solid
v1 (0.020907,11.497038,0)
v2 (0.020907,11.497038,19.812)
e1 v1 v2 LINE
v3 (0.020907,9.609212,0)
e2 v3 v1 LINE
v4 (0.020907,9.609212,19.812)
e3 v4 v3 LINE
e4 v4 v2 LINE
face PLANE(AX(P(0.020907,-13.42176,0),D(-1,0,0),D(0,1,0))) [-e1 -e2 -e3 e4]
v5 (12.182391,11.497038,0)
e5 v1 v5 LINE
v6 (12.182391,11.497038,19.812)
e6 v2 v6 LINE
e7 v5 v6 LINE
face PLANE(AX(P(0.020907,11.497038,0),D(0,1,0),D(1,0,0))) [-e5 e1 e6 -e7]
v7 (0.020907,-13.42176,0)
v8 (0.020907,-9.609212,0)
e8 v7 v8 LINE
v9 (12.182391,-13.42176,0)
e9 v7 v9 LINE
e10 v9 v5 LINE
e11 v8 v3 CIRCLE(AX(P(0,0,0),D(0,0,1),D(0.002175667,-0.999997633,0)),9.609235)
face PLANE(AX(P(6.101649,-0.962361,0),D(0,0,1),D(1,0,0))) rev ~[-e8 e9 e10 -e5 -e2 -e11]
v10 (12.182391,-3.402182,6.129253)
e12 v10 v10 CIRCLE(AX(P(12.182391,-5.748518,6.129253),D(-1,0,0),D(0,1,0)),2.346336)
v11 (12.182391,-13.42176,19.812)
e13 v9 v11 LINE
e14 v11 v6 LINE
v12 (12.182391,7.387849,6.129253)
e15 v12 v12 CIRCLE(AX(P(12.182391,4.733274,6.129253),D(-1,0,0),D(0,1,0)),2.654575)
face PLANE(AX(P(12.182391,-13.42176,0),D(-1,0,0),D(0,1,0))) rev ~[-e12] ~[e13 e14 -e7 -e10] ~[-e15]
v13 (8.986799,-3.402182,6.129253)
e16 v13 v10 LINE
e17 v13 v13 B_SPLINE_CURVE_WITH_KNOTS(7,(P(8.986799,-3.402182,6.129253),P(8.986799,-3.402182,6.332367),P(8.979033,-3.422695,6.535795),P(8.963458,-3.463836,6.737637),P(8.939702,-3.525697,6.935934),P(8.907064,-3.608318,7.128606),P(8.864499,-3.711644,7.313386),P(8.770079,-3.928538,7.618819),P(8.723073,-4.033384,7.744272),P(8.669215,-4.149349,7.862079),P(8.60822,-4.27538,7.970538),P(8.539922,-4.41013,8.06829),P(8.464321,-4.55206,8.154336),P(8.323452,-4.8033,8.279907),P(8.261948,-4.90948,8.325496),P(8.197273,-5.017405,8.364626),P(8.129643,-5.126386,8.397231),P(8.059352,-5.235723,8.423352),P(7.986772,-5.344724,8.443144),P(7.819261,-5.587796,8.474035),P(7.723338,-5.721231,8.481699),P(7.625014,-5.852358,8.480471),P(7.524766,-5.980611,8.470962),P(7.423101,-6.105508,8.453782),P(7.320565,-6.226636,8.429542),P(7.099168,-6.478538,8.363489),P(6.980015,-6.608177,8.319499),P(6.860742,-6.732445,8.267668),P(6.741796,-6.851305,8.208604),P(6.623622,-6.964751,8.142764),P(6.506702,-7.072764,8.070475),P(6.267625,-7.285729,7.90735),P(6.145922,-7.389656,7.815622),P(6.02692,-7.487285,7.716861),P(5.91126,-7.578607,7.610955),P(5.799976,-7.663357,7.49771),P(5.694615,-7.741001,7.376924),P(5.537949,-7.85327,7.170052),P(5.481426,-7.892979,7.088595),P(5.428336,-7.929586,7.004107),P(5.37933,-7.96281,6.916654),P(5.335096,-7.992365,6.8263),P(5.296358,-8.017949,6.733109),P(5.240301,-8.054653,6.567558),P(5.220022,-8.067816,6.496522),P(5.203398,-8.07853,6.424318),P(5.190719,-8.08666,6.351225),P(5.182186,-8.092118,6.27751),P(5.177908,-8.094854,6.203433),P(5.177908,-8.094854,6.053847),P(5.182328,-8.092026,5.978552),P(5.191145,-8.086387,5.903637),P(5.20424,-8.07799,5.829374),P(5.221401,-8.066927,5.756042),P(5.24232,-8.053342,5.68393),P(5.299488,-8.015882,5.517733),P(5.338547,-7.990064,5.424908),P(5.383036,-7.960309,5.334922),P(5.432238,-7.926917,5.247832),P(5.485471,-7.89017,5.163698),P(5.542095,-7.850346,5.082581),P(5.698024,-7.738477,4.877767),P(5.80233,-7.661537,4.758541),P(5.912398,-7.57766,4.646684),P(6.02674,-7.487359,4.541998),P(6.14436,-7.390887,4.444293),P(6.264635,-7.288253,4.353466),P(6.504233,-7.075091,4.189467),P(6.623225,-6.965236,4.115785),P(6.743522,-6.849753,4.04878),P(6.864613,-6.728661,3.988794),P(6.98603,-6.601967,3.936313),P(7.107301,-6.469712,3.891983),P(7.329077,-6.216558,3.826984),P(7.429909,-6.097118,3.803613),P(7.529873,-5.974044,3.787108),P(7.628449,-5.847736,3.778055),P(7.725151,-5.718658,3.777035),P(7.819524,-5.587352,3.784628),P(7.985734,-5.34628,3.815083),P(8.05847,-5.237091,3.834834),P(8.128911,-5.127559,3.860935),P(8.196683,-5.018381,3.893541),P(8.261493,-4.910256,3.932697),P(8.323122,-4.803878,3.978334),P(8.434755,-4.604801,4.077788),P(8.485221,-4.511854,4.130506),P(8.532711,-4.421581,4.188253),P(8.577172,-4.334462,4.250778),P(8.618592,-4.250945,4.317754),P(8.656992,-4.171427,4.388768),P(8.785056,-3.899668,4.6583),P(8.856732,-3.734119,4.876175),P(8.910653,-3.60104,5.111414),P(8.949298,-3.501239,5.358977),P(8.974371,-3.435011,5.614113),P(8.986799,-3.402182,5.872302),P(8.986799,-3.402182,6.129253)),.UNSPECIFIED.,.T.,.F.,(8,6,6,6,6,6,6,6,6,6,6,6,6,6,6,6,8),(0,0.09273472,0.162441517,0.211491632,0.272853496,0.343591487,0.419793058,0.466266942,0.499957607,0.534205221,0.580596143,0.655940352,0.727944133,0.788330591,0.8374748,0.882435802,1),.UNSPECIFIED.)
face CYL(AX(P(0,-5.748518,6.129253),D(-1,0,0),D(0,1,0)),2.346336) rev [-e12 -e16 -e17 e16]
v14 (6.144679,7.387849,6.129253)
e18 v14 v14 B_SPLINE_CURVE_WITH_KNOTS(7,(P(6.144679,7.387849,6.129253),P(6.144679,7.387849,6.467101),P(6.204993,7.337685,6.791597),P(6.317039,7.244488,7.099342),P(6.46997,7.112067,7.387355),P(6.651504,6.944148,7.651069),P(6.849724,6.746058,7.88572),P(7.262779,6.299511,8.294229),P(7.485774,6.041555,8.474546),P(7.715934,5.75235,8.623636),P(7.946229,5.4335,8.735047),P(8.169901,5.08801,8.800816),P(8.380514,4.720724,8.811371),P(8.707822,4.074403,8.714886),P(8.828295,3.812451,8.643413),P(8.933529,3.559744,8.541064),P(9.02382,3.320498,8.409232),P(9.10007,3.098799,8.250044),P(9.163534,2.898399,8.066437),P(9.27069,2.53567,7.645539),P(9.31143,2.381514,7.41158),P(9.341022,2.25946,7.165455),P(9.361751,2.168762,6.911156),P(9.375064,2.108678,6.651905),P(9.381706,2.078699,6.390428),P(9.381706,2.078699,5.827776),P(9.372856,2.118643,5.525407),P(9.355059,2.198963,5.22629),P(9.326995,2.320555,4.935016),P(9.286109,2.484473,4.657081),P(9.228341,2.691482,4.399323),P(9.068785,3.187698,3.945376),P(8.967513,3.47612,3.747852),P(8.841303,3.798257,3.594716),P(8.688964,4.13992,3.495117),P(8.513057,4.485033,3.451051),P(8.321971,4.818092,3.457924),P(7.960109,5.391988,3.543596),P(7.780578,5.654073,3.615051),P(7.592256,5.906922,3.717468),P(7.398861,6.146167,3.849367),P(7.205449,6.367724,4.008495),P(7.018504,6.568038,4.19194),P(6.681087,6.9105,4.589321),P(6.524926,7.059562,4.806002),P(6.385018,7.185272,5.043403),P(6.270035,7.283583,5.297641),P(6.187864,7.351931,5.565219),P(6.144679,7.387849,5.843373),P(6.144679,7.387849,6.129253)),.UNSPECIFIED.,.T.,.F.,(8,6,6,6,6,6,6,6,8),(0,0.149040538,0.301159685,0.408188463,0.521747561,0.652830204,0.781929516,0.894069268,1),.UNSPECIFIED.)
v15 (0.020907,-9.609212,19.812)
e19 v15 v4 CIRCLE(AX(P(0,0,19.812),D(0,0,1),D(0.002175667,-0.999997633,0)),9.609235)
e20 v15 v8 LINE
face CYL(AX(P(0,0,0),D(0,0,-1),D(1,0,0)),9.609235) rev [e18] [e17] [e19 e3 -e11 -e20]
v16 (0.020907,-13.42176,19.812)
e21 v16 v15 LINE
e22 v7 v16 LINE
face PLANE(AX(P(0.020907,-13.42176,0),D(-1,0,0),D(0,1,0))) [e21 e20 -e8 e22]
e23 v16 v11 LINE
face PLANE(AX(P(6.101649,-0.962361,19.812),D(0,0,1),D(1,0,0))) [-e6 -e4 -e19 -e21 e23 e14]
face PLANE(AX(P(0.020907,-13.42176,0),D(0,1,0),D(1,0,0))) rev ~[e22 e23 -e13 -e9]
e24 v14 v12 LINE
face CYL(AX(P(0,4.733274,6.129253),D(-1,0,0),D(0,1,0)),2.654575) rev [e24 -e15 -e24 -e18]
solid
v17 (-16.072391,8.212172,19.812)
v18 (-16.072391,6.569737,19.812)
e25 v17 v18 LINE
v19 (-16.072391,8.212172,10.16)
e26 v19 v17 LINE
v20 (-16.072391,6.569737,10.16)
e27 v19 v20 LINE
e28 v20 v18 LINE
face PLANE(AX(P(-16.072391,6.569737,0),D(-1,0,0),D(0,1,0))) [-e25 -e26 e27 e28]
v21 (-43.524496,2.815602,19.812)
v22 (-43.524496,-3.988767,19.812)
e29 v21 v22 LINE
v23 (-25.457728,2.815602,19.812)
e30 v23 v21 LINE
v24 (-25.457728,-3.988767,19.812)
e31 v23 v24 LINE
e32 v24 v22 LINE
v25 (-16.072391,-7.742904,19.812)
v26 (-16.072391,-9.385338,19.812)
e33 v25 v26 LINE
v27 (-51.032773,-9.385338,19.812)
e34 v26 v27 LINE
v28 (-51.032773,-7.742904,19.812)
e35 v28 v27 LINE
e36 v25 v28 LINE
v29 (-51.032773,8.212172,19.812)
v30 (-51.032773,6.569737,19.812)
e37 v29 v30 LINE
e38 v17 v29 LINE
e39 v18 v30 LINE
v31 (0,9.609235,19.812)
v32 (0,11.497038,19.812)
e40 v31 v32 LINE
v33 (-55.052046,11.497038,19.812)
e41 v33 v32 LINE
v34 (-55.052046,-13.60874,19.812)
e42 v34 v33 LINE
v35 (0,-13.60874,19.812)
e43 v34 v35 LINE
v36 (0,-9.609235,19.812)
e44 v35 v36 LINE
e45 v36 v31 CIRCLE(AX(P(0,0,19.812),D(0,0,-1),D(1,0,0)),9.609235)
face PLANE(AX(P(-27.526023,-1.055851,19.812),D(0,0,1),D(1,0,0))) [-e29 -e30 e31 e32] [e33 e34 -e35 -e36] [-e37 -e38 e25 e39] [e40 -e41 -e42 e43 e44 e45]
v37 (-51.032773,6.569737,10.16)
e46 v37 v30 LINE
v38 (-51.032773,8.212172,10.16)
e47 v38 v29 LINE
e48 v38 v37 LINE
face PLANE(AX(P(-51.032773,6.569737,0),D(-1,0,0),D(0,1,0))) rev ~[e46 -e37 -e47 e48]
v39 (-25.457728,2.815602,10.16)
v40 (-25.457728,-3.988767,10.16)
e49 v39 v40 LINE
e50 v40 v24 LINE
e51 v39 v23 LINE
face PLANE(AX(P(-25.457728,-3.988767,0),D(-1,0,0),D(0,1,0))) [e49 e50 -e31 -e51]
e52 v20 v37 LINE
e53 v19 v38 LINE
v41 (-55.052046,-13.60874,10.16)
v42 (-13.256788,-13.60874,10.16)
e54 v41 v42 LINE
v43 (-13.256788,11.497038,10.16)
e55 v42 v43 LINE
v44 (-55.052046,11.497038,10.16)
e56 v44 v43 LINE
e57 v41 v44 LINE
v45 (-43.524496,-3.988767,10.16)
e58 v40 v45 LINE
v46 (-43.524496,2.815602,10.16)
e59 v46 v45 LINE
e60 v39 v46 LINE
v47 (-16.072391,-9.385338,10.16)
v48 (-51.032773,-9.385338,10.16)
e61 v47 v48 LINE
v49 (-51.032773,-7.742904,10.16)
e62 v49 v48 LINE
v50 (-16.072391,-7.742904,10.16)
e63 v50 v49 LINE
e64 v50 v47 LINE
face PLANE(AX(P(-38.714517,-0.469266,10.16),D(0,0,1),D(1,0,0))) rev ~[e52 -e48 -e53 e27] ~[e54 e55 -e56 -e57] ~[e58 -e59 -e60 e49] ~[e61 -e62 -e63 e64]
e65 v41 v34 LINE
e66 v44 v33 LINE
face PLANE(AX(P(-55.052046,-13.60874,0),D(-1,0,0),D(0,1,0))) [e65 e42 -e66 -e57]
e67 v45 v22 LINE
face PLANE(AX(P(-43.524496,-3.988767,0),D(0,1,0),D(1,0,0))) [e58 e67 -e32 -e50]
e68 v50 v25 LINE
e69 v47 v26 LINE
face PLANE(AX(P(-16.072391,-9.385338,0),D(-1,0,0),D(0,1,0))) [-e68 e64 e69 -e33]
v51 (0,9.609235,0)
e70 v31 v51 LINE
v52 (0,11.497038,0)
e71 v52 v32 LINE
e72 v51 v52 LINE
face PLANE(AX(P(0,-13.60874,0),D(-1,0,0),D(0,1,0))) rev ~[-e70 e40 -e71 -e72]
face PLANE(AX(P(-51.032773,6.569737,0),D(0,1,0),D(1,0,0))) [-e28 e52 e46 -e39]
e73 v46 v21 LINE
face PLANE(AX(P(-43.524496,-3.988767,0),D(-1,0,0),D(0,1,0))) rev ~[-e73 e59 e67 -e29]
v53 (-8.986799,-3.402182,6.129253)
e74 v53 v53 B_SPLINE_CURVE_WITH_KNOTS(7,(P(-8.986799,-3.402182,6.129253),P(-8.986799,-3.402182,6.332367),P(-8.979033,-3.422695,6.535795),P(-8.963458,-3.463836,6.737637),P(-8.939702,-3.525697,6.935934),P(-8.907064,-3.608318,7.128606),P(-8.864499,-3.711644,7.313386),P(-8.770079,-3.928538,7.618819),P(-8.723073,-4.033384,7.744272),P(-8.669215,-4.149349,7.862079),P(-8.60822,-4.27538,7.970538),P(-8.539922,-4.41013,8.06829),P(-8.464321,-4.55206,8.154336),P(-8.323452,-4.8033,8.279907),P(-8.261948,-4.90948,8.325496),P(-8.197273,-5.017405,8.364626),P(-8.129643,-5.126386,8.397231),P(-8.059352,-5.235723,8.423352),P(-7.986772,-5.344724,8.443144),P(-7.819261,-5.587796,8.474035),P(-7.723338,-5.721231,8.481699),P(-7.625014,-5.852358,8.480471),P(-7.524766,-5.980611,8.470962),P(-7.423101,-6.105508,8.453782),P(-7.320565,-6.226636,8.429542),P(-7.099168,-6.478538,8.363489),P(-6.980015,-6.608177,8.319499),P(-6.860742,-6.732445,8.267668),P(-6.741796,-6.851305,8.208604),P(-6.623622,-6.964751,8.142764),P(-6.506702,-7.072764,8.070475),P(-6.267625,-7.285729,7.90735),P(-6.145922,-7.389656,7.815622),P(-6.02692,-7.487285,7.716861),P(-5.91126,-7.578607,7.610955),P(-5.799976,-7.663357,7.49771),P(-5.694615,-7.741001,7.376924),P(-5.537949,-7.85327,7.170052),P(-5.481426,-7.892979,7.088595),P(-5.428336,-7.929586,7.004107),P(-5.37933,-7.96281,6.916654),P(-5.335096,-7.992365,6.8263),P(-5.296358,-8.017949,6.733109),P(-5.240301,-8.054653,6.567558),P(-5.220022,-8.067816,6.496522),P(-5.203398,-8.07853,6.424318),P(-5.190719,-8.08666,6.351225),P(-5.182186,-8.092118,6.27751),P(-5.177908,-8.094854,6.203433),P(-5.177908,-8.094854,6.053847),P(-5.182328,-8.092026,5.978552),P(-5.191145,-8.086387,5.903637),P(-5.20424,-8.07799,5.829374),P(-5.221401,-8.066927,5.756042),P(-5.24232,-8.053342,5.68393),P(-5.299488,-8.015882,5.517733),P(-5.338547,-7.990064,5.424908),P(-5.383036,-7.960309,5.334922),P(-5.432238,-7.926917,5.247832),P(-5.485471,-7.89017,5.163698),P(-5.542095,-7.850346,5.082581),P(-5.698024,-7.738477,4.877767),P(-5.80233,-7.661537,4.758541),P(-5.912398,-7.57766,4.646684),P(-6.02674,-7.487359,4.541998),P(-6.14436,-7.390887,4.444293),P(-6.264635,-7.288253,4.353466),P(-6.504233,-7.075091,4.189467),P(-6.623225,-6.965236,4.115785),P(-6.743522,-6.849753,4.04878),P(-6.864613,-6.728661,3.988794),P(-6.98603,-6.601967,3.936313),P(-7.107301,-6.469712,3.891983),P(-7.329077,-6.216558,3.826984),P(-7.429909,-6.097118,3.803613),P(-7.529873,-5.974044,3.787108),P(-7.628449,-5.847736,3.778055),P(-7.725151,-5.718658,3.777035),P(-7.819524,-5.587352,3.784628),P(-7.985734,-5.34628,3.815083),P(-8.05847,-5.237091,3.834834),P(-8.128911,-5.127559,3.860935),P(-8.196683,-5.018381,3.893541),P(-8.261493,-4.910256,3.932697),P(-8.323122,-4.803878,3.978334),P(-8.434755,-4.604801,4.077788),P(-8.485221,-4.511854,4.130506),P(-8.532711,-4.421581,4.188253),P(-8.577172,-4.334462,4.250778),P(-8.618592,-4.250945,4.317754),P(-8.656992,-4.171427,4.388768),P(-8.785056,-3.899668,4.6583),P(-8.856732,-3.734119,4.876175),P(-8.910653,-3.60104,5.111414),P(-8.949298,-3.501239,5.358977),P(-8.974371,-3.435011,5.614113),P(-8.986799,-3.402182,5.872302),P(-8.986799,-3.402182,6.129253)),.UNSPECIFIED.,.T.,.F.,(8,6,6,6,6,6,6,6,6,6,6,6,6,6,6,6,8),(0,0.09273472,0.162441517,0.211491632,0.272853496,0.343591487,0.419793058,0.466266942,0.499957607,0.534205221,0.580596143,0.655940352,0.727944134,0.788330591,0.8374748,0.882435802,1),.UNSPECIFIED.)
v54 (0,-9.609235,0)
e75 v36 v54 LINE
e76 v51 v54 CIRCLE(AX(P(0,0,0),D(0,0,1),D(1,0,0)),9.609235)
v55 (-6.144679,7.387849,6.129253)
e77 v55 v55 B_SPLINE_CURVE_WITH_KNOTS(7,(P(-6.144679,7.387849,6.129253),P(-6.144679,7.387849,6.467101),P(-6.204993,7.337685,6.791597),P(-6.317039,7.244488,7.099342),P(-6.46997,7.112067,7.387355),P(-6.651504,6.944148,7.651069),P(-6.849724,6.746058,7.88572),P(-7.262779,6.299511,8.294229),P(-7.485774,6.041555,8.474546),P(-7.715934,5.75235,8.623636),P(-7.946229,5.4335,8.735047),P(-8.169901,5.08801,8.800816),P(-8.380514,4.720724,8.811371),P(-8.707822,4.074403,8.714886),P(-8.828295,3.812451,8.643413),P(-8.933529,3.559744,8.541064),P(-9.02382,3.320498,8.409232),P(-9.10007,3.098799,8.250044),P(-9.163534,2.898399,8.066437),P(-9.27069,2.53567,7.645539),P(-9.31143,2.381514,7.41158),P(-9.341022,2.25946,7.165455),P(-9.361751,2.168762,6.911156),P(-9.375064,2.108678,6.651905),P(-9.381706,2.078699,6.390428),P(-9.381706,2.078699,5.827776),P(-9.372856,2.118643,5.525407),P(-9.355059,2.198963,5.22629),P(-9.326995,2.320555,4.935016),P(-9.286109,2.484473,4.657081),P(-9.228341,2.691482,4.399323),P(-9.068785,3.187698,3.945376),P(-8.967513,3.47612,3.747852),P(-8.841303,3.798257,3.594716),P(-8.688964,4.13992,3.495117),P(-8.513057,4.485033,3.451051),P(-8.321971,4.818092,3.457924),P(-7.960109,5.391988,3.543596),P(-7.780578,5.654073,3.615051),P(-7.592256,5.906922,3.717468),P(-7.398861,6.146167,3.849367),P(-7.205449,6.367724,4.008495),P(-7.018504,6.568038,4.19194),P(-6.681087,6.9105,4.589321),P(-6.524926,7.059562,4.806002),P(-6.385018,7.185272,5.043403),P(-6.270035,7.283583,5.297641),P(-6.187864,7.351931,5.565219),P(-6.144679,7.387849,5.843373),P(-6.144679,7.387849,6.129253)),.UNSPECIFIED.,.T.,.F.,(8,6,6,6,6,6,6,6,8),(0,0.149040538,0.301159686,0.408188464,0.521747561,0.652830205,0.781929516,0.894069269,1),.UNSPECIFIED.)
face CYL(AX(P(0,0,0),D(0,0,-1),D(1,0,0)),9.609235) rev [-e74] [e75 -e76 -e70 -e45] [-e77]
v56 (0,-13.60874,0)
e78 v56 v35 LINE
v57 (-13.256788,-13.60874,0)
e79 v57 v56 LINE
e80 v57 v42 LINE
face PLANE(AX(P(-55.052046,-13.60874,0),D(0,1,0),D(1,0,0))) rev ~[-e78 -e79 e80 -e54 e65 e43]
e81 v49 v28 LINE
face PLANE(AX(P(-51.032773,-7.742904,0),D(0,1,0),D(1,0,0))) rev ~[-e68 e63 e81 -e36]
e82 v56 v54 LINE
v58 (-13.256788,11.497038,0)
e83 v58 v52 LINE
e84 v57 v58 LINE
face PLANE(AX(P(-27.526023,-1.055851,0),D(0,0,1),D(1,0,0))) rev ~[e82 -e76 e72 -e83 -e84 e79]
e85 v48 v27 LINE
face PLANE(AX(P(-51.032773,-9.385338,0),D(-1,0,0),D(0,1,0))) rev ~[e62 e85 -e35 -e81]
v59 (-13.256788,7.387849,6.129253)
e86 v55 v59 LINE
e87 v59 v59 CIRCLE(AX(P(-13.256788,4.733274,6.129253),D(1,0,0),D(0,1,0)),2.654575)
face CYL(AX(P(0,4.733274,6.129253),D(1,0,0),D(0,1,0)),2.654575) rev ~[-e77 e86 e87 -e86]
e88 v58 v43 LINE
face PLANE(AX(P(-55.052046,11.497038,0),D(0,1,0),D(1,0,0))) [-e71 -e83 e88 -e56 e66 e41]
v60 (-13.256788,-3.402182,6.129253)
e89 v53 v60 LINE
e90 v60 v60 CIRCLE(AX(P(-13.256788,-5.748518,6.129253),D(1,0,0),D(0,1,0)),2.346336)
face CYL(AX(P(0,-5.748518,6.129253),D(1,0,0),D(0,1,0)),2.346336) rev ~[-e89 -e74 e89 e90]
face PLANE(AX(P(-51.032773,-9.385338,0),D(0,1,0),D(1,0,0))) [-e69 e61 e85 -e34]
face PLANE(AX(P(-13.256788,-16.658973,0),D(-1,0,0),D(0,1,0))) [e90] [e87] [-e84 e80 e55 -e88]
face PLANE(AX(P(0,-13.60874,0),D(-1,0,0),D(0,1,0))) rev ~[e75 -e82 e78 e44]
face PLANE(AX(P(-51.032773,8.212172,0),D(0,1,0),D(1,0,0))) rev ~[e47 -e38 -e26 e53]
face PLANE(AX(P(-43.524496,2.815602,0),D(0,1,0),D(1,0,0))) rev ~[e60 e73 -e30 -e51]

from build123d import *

# Parameters (mm, degrees)
F0_W      = 55.052046
F0_H      = 25.105778
F0_W_2    = 12.161485
F0_H_2    = 24.918798
F1_DEPTH  = 19.812
F2_R      = 9.609235
F3_DEPTH  = 37.338
F4_W      = 50.915458
F4_H      = 32.379413
F5_DEPTH  = 10.16
F6_R      = 2.654575
F6_R_2    = 2.346336
F7_DEPTH  = 25.4
F8_DEPTH  = 29.21
F9_W      = 34.960383
F9_H      = 1.642434
F9_H_2    = 1.642435
F9_W_2    = 18.066769
F9_H_3    = 6.804369
F10_DEPTH = 47.498


with BuildPart() as f1:
    # F0 (on Top) → F1 (new body)
    with BuildSketch(Plane.XY):
        with Locations((-27.526023, -1.055851)):
            Rectangle(F0_W, F0_H)
        with Locations((6.101649, -0.962361)):
            Rectangle(F0_W_2, F0_H_2)
    extrude(amount=F1_DEPTH)

    # F2 (on Top) → F3 (cut)
    with BuildSketch(Plane.XY):
        Circle(F2_R)
    extrude(amount=F3_DEPTH, mode=Mode.SUBTRACT)

    # F4 (on Top) → F5 (cut)
    with BuildSketch(Plane.XY):
        with Locations((-38.714517, -0.469266)):
            Rectangle(F4_W, F4_H)
    extrude(amount=F5_DEPTH, mode=Mode.SUBTRACT)

    # F6 (on Right) → F7 (cut)
    with BuildSketch(Plane.YZ):
        with Locations((4.733274, 6.129253)):
            Circle(F6_R)
        with Locations((-5.748518, 6.129253)):
            Circle(F6_R_2)
    extrude(amount=-F7_DEPTH, mode=Mode.SUBTRACT)

    # F6 (on Right) → F8 (cut)
    with BuildSketch(Plane.YZ):
        with Locations((4.733274, 6.129253)):
            Circle(F6_R)
        with Locations((-5.748518, 6.129253)):
            Circle(F6_R_2)
    extrude(amount=F8_DEPTH, mode=Mode.SUBTRACT)

    # F9 (on Top) → F10 (cut)
    with BuildSketch(Plane.XY):
        with Locations((-33.552582, -8.564121)):
            Rectangle(F9_W, F9_H)
        with Locations((-33.552582, 7.390954)):
            Rectangle(F9_W, F9_H_2)
        with Locations((-34.491112, -0.586583)):
            Rectangle(F9_W_2, F9_H_3)
    extrude(amount=F10_DEPTH, mode=Mode.SUBTRACT)


solid = f1.part
